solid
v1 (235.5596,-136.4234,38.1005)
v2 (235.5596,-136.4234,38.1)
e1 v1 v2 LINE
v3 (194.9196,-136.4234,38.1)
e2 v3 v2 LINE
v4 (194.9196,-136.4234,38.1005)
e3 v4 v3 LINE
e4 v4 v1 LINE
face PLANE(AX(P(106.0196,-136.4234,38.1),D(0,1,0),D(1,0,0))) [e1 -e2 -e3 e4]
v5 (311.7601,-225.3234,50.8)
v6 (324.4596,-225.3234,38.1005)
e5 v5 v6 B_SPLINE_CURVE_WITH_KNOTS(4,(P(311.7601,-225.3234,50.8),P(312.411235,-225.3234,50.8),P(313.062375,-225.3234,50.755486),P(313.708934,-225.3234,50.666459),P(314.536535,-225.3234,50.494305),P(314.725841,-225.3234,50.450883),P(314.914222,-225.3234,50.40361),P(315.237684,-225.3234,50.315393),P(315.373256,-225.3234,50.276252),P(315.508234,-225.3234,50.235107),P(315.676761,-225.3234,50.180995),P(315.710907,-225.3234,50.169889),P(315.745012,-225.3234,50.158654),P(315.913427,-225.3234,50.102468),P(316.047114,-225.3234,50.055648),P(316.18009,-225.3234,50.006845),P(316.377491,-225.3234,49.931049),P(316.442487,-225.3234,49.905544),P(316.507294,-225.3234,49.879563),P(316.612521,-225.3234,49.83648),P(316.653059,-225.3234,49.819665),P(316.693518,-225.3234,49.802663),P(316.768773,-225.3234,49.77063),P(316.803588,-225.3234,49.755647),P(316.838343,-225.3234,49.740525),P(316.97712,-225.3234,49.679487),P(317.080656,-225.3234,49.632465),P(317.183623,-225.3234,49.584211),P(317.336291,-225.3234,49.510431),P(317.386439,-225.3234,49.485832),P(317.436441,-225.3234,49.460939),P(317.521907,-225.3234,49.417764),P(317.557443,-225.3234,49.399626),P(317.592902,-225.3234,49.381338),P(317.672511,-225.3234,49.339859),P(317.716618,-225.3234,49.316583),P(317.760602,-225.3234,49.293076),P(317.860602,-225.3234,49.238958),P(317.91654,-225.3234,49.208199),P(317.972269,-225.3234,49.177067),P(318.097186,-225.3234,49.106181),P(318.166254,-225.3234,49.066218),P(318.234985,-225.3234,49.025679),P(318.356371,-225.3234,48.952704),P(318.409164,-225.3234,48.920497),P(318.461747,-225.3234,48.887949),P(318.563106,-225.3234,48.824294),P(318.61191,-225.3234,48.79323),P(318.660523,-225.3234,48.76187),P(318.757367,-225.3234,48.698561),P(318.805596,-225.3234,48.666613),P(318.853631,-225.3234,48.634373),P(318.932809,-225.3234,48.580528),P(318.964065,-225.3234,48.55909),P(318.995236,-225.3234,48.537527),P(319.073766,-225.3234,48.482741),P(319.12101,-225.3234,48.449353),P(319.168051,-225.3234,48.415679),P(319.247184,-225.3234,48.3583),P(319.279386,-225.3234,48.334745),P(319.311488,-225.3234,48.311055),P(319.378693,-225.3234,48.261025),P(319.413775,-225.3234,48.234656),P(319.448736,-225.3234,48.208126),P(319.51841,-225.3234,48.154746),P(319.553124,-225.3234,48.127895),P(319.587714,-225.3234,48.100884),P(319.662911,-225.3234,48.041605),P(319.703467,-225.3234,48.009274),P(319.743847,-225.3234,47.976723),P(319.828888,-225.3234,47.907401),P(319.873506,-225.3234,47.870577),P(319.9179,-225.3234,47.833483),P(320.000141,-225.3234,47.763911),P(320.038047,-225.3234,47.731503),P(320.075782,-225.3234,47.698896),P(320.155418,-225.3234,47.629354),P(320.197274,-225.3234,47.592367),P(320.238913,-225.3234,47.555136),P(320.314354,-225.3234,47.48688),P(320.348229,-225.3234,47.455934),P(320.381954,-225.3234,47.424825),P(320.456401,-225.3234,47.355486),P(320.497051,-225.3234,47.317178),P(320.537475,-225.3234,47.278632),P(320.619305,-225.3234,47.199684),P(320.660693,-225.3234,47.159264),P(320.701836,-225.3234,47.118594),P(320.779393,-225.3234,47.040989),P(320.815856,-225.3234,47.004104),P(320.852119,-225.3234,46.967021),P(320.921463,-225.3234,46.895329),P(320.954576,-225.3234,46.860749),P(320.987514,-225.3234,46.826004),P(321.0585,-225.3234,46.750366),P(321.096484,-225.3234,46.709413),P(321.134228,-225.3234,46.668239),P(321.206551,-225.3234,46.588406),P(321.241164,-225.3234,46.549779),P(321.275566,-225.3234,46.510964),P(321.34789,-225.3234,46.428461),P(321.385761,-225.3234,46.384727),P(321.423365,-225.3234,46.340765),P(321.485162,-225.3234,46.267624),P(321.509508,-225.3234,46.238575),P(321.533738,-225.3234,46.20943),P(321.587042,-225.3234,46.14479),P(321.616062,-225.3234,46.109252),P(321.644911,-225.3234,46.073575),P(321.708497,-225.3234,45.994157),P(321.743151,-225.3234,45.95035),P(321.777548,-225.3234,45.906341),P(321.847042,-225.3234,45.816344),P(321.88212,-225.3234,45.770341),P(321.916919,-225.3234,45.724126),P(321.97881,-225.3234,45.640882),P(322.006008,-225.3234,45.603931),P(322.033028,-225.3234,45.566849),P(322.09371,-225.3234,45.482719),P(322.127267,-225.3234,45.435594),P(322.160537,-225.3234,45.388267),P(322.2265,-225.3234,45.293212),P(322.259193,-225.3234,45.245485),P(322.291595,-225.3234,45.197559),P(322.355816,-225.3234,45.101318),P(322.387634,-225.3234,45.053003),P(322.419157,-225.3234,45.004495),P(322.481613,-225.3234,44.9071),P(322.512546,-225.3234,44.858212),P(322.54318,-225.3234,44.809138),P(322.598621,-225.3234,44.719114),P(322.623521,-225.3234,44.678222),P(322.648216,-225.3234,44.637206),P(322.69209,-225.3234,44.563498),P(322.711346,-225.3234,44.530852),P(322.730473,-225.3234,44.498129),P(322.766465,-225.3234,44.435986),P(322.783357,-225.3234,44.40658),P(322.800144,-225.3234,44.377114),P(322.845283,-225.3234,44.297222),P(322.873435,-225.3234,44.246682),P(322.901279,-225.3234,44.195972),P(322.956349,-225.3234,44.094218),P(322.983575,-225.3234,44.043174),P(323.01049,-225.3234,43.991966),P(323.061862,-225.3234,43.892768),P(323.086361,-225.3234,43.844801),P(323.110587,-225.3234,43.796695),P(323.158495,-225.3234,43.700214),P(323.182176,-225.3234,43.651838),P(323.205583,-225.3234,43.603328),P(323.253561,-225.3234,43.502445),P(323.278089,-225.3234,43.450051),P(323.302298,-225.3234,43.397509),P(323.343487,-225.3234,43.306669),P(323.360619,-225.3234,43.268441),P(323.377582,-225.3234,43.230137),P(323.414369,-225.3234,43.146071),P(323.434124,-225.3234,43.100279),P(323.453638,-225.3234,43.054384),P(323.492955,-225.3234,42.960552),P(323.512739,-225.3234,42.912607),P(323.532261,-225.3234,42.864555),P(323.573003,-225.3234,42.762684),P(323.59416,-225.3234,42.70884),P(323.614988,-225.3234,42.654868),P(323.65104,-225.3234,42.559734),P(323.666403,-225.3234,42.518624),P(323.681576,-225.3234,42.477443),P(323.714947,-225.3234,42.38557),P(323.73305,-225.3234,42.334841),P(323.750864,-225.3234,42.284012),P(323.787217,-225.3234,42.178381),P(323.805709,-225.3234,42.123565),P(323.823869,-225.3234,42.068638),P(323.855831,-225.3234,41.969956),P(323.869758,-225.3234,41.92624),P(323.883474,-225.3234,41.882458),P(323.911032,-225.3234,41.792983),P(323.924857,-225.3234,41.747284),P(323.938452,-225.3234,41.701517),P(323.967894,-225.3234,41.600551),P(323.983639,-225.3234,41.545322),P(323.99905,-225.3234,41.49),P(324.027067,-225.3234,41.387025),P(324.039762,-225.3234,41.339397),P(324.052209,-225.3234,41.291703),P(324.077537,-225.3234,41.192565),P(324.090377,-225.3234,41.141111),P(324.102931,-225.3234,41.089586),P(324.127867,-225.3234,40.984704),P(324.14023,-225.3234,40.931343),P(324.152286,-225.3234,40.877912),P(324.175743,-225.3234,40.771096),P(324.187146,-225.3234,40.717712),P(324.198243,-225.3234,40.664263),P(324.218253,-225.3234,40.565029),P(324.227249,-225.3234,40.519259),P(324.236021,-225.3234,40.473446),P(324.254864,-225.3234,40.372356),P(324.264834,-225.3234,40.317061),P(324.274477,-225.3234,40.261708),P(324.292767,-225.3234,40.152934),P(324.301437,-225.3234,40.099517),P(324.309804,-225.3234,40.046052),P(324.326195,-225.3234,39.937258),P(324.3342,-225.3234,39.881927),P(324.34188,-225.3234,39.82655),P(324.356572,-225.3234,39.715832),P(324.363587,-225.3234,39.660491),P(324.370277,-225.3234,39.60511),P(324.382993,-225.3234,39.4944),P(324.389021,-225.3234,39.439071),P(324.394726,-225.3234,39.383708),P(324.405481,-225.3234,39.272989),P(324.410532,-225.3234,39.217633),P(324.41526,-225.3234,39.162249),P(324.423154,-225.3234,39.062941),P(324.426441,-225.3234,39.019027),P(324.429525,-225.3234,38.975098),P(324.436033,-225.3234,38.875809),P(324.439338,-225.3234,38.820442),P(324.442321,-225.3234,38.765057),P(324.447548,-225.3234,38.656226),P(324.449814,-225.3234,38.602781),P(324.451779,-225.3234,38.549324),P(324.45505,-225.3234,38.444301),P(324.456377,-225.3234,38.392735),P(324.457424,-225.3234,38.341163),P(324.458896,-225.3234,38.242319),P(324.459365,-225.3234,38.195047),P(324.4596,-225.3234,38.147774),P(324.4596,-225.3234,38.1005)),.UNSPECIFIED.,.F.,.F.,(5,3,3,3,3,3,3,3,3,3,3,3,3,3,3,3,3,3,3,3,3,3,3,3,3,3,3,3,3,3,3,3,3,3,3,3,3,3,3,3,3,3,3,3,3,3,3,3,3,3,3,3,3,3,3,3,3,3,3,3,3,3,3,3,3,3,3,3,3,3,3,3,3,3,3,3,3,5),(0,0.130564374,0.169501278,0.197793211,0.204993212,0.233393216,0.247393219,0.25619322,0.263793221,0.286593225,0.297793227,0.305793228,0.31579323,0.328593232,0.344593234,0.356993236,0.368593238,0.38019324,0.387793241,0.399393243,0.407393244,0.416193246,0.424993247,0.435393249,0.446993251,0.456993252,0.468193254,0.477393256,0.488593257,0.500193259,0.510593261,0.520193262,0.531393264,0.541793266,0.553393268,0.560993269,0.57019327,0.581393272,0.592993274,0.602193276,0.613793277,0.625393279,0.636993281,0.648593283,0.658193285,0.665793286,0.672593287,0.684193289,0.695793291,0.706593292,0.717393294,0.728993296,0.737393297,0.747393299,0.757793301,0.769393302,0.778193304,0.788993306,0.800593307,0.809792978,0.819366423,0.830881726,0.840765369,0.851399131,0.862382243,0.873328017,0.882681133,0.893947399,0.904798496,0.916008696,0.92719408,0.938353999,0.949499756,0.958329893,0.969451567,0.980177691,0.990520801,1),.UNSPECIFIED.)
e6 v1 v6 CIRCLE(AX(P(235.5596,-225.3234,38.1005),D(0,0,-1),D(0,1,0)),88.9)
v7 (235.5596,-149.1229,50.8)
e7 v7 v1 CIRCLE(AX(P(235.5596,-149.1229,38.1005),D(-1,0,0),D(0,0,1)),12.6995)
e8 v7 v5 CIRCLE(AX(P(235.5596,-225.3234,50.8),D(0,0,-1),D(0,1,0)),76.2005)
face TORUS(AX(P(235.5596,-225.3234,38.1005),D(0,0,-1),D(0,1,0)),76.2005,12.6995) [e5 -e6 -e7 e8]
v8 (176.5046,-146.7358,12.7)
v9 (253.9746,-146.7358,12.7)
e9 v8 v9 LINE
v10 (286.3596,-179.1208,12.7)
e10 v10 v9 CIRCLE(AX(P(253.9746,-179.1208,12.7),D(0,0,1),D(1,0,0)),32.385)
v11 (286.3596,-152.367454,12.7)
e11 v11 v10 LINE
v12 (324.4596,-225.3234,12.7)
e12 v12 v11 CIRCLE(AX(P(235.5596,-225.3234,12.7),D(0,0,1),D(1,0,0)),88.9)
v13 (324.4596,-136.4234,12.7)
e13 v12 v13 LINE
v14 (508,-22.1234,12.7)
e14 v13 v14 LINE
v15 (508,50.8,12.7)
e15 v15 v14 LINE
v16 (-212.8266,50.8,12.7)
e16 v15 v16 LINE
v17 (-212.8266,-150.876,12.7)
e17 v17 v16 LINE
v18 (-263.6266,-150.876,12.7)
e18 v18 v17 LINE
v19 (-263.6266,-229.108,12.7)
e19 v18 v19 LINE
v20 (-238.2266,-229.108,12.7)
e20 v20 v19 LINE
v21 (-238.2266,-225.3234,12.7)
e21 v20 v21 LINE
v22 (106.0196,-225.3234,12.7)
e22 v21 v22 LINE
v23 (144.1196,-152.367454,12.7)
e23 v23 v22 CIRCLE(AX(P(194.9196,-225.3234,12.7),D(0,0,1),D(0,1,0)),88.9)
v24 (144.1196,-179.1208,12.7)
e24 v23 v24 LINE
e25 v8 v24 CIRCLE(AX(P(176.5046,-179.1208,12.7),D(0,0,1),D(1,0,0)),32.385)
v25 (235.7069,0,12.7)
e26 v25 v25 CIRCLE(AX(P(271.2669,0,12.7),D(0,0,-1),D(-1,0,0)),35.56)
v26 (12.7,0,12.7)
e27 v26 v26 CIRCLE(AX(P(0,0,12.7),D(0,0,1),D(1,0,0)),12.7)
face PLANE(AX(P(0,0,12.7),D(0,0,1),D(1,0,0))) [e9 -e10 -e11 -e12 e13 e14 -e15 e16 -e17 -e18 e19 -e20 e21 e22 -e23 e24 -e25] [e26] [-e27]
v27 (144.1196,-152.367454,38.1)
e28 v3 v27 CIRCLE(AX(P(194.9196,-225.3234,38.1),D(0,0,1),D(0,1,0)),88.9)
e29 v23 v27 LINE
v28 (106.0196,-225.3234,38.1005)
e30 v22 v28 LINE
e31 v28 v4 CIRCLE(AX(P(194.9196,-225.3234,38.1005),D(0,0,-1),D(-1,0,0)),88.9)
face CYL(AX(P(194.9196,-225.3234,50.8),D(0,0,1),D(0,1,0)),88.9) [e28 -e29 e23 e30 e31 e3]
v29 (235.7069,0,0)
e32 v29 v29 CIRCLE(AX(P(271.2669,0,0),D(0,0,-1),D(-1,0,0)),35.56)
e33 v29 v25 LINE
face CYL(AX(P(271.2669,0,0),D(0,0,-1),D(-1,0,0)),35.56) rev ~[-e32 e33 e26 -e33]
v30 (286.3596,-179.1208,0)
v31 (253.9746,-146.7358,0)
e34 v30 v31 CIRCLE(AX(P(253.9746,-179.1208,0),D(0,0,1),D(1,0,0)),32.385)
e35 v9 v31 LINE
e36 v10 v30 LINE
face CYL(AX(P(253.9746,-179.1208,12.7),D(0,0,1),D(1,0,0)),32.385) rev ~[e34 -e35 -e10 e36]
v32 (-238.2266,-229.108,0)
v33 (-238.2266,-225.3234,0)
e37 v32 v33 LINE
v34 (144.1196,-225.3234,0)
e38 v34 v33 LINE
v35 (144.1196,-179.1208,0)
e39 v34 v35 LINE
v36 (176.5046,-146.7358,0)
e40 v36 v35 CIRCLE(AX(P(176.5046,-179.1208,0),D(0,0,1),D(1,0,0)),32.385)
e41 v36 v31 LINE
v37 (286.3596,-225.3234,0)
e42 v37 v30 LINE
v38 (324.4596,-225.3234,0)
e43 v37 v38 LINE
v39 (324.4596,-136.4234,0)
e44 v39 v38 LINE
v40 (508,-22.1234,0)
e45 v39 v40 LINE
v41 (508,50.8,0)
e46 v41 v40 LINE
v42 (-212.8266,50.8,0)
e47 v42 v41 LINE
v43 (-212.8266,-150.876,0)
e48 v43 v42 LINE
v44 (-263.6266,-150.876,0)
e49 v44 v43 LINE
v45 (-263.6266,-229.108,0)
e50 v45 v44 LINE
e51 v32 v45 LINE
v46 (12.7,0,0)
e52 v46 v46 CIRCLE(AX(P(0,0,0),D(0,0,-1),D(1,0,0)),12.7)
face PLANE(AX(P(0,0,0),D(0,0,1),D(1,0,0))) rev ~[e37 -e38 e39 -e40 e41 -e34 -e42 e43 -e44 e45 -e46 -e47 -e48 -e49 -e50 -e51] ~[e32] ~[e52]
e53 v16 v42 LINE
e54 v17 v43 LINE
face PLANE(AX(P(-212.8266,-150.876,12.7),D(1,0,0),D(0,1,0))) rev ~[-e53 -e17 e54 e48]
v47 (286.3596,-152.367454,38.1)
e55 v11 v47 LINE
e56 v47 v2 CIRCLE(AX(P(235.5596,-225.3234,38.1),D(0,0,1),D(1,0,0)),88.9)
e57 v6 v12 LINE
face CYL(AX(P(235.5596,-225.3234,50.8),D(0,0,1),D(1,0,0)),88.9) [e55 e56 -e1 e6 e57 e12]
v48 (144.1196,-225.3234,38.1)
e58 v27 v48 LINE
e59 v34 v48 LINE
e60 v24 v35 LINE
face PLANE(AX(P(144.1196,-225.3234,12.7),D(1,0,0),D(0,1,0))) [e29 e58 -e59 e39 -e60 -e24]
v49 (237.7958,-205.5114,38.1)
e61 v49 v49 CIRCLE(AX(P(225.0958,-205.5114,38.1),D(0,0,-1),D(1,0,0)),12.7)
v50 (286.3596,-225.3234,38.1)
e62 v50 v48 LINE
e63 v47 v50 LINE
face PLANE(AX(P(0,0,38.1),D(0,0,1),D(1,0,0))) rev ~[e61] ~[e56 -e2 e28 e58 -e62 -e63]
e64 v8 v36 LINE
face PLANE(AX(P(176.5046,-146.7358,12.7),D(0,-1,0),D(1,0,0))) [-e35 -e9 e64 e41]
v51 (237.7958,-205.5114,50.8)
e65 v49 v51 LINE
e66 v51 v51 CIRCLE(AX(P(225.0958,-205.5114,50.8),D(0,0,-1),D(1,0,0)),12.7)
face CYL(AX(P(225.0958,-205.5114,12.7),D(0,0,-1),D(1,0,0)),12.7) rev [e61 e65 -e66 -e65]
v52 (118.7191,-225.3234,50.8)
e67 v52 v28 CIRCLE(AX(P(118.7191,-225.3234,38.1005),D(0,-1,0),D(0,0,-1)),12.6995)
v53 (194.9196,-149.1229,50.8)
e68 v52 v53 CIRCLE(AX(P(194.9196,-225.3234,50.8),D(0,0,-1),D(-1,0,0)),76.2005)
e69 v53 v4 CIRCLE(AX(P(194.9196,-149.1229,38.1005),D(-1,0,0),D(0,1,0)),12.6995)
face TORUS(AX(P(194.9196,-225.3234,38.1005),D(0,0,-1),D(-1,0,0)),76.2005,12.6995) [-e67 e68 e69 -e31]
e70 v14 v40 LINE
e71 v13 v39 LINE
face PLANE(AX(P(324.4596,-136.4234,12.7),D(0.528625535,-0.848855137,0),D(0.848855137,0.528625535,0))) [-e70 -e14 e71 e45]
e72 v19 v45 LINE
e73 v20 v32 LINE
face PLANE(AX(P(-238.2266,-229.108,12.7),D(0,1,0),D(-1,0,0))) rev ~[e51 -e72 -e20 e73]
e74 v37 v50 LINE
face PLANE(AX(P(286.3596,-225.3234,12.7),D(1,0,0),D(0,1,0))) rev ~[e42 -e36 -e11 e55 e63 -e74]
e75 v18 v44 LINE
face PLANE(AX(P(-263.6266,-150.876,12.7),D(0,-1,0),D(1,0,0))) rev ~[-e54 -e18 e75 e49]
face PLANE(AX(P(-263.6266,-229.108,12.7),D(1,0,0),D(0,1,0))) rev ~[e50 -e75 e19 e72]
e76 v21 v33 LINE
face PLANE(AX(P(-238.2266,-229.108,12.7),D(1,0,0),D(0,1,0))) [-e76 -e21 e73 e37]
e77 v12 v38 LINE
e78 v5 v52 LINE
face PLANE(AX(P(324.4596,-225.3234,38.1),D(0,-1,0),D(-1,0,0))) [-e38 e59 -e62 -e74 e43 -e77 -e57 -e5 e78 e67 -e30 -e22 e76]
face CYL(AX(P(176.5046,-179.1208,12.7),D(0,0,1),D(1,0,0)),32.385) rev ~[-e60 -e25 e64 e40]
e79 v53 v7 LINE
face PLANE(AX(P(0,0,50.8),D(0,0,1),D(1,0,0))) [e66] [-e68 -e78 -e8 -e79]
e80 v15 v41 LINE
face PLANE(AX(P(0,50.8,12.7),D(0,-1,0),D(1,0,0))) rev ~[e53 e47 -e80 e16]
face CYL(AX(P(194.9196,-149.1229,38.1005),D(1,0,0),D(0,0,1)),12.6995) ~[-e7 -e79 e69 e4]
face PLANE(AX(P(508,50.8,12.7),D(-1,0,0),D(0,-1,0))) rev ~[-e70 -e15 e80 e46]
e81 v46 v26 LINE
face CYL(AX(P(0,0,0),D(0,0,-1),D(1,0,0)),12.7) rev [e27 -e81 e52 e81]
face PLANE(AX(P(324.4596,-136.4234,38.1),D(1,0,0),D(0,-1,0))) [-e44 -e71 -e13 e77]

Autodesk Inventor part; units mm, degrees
ref_plane "YZ Plane" through (0, 0, 0) normal (1, 0, 0) x (0, 1, 0)
ref_plane "XZ Plane" through (0, 0, 0) normal (0, 1, 0) x (-1, 0, 0)
ref_plane "XY Plane" through (0, 0, 0) normal (0, 0, 1) x (1, 0, 0)
sketch "Sketch1" plane through (0, 0, 0) normal (0, 0, 1) x (1, 0, 0)
  circle A0 centre (0, 0) radius 12.7
  circle A1 centre (0, 0) radius 50.8
  line L0 (50.8, 0) -> (50.8, -225.3234)
  line L1 (50.8, -225.3234) -> (-50.8, -225.3234)
  line L2 (-50.8, -225.3234) -> (-50.8, 0)
  line L3 (-50.8, 0) -> (-12.7, 0)
  line L4 (12.7, 0) -> (50.8, 0)
  dimension "d1" = 101.6
  dimension "d0" = 25.4
  dimension "d2" = 225.3234
extrude "Extrusion1" add sketch "Sketch1" along normal blind 12.7 contours L4 A1 L3 A0 | A0 L3 A1 L4 | L0 L1 L2 A1
sketch "Sketch2" plane through (0, 0, 12.7) normal (0, 0, 1) x (1, 0, 0)
  circle A0 centre (0, 0) radius 12.7 projected
  arc A1 (50.8, 0) -> (-50.8, 0) centre (0, 0) ccw projected
  line L0 (-50.8, 0) -> (-50.8, -225.3234) projected
  line L1 (-50.8, -225.3234) -> (50.8, -225.3234) projected
  line L2 (50.8, -225.3234) -> (50.8, 0) projected
  circle A2 centre (176.5046, -179.1208) radius 32.385
  circle A3 centre (253.9746, -179.1208) radius 32.385
  line L3 (144.1196, -225.3234) -> (144.1196, -179.1208)
  line L4 (286.3596, -225.3234) -> (286.3596, -179.1208)
  line L5 (176.5046, -146.7358) -> (253.9746, -146.7358)
  line L6 (50.8, -225.3234) -> (144.1196, -225.3234)
  line L7 (286.3596, -225.3234) -> (508, -225.3234)
  line L8 (-50.8, -225.3234) -> (-238.2266, -225.3234)
  line L9 (-263.6266, -225.3234) -> (-263.6266, -150.876)
  line L10 (-263.6266, -150.876) -> (-212.8266, -150.876)
  line L11 (-212.8266, -150.876) -> (-212.8266, 50.8)
  line L12 (-212.8266, 50.8) -> (508, 50.8)
  line L13 (508, 50.8) -> (508, -225.3234)
  line L14 (-238.2266, -229.108) -> (-238.2266, -225.3234)
  line L15 (-238.2266, -229.108) -> (-263.6266, -229.108)
  line L16 (-263.6266, -229.108) -> (-263.6266, -225.3234)
  dimension "d5" = 176.5046
  dimension "d6" = 179.1208
  dimension "d7" = 64.77
  dimension "d8" = 64.77
  dimension "d9" = 77.47
  dimension "d11" = 212.8266
  dimension "d13" = 50.8
  dimension "d16" = 150.876
  dimension "d17" = 508
  dimension "d18" = 229.108
extrude "Extrusion2" add sketch "Sketch2" against normal blind 12.7 contours A1 L12 L13 L7 L4 A3 L5 A2 L3 L6 L2 | A1 L0 L8 L14 L15 L16 L9 L10 L11 L12
sketch "Sketch3" plane through (0, 0, 12.7) normal (0, 0, 1) x (1, 0, 0)
  circle A0 centre (0, 0) radius 12.7 projected
  circle A1 centre (225.0958, -205.5114) radius 12.7
  dimension "d19" = 25.4
  dimension "d20" = 304.8
  dimension "d21" = 205.5114
sketch "Sketch4" plane through (0, 0, 12.7) normal (0, 0, 1) x (1, 0, 0)
  line L0 (144.1196, -225.3234) -> (106.0196, -225.3234)
  line L1 (106.0196, -225.3234) -> (106.0196, -136.4234)
  line L2 (106.0196, -136.4234) -> (144.1196, -136.4234)
  line L3 (144.1196, -136.4234) -> (144.1196, -225.3234)
  line L4 (286.3596, -225.3234) -> (324.4596, -225.3234)
  line L5 (324.4596, -225.3234) -> (324.4596, -136.4234)
  line L6 (324.4596, -136.4234) -> (286.3596, -136.4234)
  line L7 (286.3596, -136.4234) -> (286.3596, -225.3234)
  dimension "d22" = 38.1
  dimension "d23" = 88.9
  dimension "d24" = 38.1
  dimension "d25" = 88.9
extrude "Extrusion3" add sketch "Sketch4" along normal blind 25.4
sketch "Sketch5" plane through (0, 0, 38.1) normal (0, 0, 1) x (1, 0, 0)
  line L0 (106.0196, -136.4234) -> (324.4596, -136.4234)
  line L1 (324.4596, -136.4234) -> (324.4596, -225.3234)
  line L2 (324.4596, -225.3234) -> (106.0196, -225.3234)
  line L3 (106.0196, -225.3234) -> (106.0196, -136.4234)
  point P0 (0, 0)
  dimension "d28" = 218.44
extrude "Extrusion4" add sketch "Sketch5" along normal blind 12.7
extrude "Extrusion5" cut sketch "Sketch3" along normal blind 76.2 contours A1
sketch "Sketch6" plane through (0, 0, 12.7) normal (0, 0, 1) x (1, 0, 0)
  line L0 (324.4596, -136.4234) -> (324.4596, -225.3234) projected
  line L1 (324.4596, -225.3234) -> (508, -225.3234) projected
  line L2 (508, -225.3234) -> (508, 50.8) projected
  line L3 (324.4596, -136.4234) -> (508, -22.1234)
  dimension "d33" = 203.2
extrude "Extrusion6" cut sketch "Sketch6" against normal blind 25.4
sketch "Sketch7" plane through (0, 0, 50.8) normal (0, 0, 1) x (1, 0, 0)
  line L0 (106.0196, -136.4234) -> (106.0196, -225.3234) projected
  line L1 (324.4596, -225.3234) -> (324.4596, -136.4234) projected
  line L2 (324.4596, -136.4234) -> (106.0196, -136.4234) projected
  arc A0 (324.4596, -225.3234) -> (235.5596, -136.4234) centre (235.5596, -225.3234) ccw
  line L3 (324.4596, -225.3234) -> (235.5596, -136.4234) construction
  line L4 (324.4596, -225.3234) -> (450.1832, -225.3234) construction
  arc A1 (194.9196, -136.4234) -> (106.0196, -225.3234) centre (194.9196, -225.3234) ccw
  line L5 (106.0196, -225.3234) -> (194.9196, -136.4234) construction
  line L6 (106.0196, -225.3234) -> (231.7432, -225.3234) construction
  point P0 (0, 0)
  dimension "d36" = 135
  dimension "d37" = 45
extrude "Extrusion7" cut sketch "Sketch7" against normal blind 38.1
fillet "Fillet1" radius 12.7 3 edges at (215.2396, -136.4234, 50.8) (298.4214, -162.4616, 50.8) (132.0578, -162.4616, 50.8)
sketch "Sketch8" plane through (0, 0, 0) normal (0, 0, -1) x (-1, 0, 0)
  line L0 (-508, 50.8) -> (-508, -22.1234) projected
  circle A0 centre (0, 0) radius 12.7 projected
  line L1 (0, 0) -> (-271.2669, 0)
  circle A1 centre (-271.2669, 0) radius 35.56
  dimension "d41" = 71.12
extrude "Extrusion8" cut sketch "Sketch8" against normal blind 25.4 contours A1
sketch "Sketch9" plane through (0, 0, 0) normal (0, 0, -1) x (-1, 0, 0)
  circle A0 centre (-271.2669, 0) radius 35.56 projected
  line L0 (-324.4596, -136.4234) -> (-324.4596, -225.3234) projected
  line L1 (-324.4596, -225.3234) -> (-286.3596, -225.3234) projected
  line L2 (-286.3596, -225.3234) -> (-286.3596, -179.1208) projected
  arc A1 (-253.9746, -146.7358) -> (-286.3596, -179.1208) centre (-253.9746, -179.1208) ccw projected
  line L3 (-253.9746, -146.7358) -> (-176.5046, -146.7358) projected
  arc A2 (-144.1196, -179.1208) -> (-176.5046, -146.7358) centre (-176.5046, -179.1208) ccw projected
  line L4 (-144.1196, -179.1208) -> (-144.1196, -225.3234) projected
  line L5 (-144.1196, -225.3234) -> (238.2266, -225.3234) projected
  line L6 (238.2266, -225.3234) -> (238.2266, -229.108) projected
  line L7 (238.2266, -229.108) -> (263.6266, -229.108) projected
  line L8 (263.6266, -229.108) -> (263.6266, -150.876) projected
  line L9 (263.6266, -150.876) -> (212.8266, -150.876) projected
  line L10 (212.8266, -150.876) -> (212.8266, 50.8) projected
  line L11 (212.8266, 50.8) -> (-508, 50.8) projected
  line L12 (-508, 50.8) -> (-508, -22.1234) projected
  line L13 (-508, -22.1234) -> (-324.4596, -136.4234) projected
  circle A3 centre (0, 0) radius 12.7 projected
properties part number "Shooter_TopMotorSupport"
